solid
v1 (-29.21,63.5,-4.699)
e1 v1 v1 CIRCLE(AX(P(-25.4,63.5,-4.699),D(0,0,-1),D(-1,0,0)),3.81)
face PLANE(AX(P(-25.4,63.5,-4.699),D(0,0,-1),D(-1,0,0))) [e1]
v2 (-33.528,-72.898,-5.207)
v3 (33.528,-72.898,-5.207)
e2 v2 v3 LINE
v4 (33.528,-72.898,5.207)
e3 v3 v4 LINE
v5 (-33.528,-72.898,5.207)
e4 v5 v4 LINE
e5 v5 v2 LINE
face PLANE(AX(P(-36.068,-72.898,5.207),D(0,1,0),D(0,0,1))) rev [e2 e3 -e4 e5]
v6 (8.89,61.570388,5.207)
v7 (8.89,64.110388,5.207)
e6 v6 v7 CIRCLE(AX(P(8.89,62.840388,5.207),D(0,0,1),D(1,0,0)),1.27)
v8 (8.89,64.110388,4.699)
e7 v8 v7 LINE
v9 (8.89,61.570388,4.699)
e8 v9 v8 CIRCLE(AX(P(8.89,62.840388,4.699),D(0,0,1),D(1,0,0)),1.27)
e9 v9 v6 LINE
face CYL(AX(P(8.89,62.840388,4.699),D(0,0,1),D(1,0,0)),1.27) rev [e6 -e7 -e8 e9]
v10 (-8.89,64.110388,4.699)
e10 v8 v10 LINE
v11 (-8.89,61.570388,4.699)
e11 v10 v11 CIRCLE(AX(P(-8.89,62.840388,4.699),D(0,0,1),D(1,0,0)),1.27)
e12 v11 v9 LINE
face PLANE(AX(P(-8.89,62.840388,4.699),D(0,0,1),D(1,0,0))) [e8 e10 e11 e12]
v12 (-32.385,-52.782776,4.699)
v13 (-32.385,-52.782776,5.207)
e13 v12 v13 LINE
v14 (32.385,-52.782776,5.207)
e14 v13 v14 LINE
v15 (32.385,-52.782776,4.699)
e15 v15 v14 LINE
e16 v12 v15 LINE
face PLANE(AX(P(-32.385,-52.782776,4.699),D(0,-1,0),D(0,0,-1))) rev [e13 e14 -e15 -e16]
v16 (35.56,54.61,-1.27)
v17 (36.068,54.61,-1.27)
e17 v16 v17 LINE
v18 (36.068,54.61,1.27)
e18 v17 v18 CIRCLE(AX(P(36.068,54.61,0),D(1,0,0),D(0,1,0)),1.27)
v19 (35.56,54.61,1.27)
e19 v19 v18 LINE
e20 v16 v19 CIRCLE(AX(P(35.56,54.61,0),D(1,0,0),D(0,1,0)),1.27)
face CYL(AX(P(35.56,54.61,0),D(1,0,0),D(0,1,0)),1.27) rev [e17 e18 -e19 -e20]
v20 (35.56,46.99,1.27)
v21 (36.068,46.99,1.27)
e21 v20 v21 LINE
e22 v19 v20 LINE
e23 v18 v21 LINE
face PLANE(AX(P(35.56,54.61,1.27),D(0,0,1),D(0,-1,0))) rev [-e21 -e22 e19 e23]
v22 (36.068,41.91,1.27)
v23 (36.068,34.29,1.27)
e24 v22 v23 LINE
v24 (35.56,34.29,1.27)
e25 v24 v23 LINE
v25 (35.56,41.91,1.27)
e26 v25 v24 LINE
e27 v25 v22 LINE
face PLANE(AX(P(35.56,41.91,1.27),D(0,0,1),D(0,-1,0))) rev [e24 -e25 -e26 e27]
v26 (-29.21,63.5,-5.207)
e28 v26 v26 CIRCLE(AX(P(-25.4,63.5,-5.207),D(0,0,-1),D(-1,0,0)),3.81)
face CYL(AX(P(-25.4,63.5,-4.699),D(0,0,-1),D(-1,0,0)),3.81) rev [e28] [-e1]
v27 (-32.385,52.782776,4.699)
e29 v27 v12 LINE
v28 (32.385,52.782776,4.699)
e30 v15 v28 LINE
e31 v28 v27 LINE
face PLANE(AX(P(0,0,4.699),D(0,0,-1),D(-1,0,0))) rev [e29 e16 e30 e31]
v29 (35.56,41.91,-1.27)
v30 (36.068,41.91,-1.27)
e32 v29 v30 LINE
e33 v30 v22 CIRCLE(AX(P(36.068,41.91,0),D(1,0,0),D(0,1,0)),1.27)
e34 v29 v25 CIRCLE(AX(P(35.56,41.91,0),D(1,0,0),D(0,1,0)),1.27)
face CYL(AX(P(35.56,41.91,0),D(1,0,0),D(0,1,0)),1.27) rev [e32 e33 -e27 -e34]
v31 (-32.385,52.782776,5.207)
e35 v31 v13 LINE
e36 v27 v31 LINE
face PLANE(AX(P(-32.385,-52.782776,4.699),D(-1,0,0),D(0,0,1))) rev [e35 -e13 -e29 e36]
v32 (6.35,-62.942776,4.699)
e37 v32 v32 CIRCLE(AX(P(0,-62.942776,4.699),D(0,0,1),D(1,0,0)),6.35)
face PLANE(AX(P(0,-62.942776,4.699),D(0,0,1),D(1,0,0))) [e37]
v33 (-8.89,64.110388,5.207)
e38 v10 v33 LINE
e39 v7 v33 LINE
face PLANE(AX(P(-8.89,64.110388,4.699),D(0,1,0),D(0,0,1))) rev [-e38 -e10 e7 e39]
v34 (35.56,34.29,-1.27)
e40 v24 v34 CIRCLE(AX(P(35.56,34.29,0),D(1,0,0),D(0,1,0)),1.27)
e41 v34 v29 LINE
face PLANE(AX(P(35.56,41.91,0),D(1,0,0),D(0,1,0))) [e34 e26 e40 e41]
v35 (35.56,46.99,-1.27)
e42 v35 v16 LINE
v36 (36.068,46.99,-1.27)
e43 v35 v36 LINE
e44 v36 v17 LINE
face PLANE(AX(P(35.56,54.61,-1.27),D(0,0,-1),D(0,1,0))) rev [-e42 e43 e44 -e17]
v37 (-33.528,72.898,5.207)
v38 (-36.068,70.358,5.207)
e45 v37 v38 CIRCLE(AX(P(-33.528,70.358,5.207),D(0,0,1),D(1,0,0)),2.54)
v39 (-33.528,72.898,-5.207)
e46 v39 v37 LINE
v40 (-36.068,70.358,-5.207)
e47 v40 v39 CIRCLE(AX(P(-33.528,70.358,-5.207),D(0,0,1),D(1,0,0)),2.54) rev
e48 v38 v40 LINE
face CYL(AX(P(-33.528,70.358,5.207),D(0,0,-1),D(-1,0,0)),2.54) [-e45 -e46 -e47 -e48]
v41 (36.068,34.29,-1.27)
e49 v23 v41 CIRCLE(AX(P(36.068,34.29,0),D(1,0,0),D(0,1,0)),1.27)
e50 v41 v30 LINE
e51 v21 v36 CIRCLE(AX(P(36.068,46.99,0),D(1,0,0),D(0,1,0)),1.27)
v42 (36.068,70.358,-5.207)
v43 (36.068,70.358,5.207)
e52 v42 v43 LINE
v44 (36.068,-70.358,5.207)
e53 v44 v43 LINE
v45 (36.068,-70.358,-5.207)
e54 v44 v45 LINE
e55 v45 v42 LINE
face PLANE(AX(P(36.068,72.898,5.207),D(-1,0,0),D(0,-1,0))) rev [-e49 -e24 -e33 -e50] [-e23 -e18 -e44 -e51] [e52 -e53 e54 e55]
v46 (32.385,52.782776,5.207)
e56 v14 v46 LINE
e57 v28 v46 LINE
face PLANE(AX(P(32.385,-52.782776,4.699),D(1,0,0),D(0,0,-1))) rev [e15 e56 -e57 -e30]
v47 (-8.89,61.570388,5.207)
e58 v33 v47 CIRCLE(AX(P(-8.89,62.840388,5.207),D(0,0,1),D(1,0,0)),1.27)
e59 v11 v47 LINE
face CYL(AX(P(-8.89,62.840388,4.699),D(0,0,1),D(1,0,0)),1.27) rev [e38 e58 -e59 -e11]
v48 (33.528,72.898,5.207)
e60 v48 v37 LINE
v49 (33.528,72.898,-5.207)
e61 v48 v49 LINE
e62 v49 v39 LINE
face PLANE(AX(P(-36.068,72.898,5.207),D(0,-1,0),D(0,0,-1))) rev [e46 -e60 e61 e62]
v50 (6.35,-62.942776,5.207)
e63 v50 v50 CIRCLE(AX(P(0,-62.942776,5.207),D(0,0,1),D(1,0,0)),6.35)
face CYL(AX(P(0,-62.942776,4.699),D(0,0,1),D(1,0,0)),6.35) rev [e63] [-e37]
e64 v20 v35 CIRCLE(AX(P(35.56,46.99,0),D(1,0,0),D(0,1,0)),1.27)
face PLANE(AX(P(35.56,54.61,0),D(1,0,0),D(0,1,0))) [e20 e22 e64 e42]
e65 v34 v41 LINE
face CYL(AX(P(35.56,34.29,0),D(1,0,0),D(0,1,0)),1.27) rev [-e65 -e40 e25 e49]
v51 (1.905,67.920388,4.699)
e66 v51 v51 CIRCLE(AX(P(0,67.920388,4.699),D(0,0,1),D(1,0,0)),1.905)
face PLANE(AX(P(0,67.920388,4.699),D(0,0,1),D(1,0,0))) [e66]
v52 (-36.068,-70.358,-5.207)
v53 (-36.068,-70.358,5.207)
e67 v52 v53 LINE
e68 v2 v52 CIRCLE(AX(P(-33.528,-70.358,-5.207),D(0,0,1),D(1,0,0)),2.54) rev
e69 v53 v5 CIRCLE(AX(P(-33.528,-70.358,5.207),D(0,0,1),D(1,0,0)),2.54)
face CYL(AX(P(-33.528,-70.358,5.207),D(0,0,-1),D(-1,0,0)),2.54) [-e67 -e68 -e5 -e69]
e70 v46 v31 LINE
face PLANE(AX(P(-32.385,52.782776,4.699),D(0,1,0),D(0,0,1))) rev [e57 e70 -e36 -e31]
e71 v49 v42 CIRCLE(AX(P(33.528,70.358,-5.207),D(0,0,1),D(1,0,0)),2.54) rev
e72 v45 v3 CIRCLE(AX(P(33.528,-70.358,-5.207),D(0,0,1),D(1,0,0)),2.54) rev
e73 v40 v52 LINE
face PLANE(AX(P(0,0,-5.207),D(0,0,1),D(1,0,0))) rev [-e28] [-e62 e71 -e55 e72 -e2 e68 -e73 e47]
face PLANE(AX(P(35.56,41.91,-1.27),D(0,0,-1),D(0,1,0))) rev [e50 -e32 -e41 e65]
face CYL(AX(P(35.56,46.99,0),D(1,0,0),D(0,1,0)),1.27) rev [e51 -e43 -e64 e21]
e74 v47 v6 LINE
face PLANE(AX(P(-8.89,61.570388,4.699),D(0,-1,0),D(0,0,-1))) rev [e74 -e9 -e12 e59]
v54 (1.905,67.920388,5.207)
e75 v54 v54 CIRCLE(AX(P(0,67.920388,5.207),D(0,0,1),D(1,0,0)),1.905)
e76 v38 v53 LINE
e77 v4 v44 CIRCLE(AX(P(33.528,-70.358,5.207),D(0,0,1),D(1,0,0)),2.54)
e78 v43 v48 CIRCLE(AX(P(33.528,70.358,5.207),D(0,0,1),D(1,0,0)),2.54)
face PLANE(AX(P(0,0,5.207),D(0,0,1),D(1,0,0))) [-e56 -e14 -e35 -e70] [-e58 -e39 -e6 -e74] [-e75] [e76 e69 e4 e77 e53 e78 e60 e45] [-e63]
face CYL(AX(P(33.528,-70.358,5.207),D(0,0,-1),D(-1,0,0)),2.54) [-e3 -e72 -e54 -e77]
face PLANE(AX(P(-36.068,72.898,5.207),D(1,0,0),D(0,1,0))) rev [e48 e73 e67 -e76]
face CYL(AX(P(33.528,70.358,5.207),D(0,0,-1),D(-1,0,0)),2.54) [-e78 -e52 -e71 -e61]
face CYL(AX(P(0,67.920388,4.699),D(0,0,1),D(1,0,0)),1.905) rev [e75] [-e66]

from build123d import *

# Parameters (mm, degrees)
SKETCH1_W           = 72.136
SKETCH1_H           = 145.796
BOSS_EXTRUDE1_DEPTH = 5.207
FILLET1_R           = 2.54
SKETCH2_R           = 6.35
SKETCH2_R_2         = 1.905
SKETCH2_W           = 64.77
SKETCH2_H           = 105.56555142
CUT_EXTRUDE1_DEPTH  = 0.508
SKETCH4_R           = 3.81
CUT_EXTRUDE2_DEPTH  = 0.508
CUT_EXTRUDE3_DEPTH  = 0.508


with BuildPart() as part:
    # Sketch1 → Boss-Extrude1 (new, symmetric)
    with BuildSketch(Plane.XY):
        Rectangle(SKETCH1_W, SKETCH1_H)
    extrude(amount=BOSS_EXTRUDE1_DEPTH, both=True)

    # Fillet1
    fillet1_edges = [part.edges().sort_by_distance(p)[0] for p in [
        (36.068, -72.898, 0),
        (-36.068, -72.898, 0),
        (-36.068, 72.898, 0),
        (36.068, 72.898, 0),
    ]]
    fillet(fillet1_edges, radius=FILLET1_R)

    # Sketch2 → Cut-Extrude1 (cut)
    with BuildSketch(Plane.XY.offset(5.207)):
        with Locations((0, -62.94277571)):
            Circle(SKETCH2_R)
        with Locations((0, 67.920387855)):
            Circle(SKETCH2_R_2)
        Rectangle(SKETCH2_W, SKETCH2_H)
        with BuildLine():
            Line((-8.89, 64.110387855), (8.89, 64.110387855))
            ThreePointArc((8.89, 64.110387855), (10.16, 62.840387855), (8.89, 61.570387855))
            Line((8.89, 61.570387855), (-8.89, 61.570387855))
            ThreePointArc((-8.89, 61.570387855), (-10.16, 62.840387855), (-8.89, 64.110387855))
        make_face()
    extrude(amount=-CUT_EXTRUDE1_DEPTH, mode=Mode.SUBTRACT)

    # Sketch4 → Cut-Extrude2 (cut)
    with BuildSketch(Plane(origin=(0, 0, -5.207), x_dir=(-1, 0, 0), z_dir=(0, 0, -1))):
        with Locations((25.4, 63.5)):
            Circle(SKETCH4_R)
    extrude(amount=-CUT_EXTRUDE2_DEPTH, mode=Mode.SUBTRACT)

    # Sketch5 → Cut-Extrude3 (cut)
    with BuildSketch(Plane(origin=(36.068, 0, 0), x_dir=(0, 0, -1), z_dir=(1, 0, 0))):
        with BuildLine():
            Line((1.27, 54.61), (1.27, 46.99))
            ThreePointArc((1.27, 46.99), (0, 45.72), (-1.27, 46.99))
            Line((-1.27, 46.99), (-1.27, 54.61))
            ThreePointArc((-1.27, 54.61), (0, 55.88), (1.27, 54.61))
        make_face()
        with BuildLine():
            Line((1.27, 41.91), (1.27, 34.29))
            ThreePointArc((1.27, 34.29), (0, 33.02), (-1.27, 34.29))
            Line((-1.27, 34.29), (-1.27, 41.91))
            ThreePointArc((-1.27, 41.91), (0, 43.18), (1.27, 41.91))
        make_face()
    extrude(amount=-CUT_EXTRUDE3_DEPTH, mode=Mode.SUBTRACT)


solid = part.part
